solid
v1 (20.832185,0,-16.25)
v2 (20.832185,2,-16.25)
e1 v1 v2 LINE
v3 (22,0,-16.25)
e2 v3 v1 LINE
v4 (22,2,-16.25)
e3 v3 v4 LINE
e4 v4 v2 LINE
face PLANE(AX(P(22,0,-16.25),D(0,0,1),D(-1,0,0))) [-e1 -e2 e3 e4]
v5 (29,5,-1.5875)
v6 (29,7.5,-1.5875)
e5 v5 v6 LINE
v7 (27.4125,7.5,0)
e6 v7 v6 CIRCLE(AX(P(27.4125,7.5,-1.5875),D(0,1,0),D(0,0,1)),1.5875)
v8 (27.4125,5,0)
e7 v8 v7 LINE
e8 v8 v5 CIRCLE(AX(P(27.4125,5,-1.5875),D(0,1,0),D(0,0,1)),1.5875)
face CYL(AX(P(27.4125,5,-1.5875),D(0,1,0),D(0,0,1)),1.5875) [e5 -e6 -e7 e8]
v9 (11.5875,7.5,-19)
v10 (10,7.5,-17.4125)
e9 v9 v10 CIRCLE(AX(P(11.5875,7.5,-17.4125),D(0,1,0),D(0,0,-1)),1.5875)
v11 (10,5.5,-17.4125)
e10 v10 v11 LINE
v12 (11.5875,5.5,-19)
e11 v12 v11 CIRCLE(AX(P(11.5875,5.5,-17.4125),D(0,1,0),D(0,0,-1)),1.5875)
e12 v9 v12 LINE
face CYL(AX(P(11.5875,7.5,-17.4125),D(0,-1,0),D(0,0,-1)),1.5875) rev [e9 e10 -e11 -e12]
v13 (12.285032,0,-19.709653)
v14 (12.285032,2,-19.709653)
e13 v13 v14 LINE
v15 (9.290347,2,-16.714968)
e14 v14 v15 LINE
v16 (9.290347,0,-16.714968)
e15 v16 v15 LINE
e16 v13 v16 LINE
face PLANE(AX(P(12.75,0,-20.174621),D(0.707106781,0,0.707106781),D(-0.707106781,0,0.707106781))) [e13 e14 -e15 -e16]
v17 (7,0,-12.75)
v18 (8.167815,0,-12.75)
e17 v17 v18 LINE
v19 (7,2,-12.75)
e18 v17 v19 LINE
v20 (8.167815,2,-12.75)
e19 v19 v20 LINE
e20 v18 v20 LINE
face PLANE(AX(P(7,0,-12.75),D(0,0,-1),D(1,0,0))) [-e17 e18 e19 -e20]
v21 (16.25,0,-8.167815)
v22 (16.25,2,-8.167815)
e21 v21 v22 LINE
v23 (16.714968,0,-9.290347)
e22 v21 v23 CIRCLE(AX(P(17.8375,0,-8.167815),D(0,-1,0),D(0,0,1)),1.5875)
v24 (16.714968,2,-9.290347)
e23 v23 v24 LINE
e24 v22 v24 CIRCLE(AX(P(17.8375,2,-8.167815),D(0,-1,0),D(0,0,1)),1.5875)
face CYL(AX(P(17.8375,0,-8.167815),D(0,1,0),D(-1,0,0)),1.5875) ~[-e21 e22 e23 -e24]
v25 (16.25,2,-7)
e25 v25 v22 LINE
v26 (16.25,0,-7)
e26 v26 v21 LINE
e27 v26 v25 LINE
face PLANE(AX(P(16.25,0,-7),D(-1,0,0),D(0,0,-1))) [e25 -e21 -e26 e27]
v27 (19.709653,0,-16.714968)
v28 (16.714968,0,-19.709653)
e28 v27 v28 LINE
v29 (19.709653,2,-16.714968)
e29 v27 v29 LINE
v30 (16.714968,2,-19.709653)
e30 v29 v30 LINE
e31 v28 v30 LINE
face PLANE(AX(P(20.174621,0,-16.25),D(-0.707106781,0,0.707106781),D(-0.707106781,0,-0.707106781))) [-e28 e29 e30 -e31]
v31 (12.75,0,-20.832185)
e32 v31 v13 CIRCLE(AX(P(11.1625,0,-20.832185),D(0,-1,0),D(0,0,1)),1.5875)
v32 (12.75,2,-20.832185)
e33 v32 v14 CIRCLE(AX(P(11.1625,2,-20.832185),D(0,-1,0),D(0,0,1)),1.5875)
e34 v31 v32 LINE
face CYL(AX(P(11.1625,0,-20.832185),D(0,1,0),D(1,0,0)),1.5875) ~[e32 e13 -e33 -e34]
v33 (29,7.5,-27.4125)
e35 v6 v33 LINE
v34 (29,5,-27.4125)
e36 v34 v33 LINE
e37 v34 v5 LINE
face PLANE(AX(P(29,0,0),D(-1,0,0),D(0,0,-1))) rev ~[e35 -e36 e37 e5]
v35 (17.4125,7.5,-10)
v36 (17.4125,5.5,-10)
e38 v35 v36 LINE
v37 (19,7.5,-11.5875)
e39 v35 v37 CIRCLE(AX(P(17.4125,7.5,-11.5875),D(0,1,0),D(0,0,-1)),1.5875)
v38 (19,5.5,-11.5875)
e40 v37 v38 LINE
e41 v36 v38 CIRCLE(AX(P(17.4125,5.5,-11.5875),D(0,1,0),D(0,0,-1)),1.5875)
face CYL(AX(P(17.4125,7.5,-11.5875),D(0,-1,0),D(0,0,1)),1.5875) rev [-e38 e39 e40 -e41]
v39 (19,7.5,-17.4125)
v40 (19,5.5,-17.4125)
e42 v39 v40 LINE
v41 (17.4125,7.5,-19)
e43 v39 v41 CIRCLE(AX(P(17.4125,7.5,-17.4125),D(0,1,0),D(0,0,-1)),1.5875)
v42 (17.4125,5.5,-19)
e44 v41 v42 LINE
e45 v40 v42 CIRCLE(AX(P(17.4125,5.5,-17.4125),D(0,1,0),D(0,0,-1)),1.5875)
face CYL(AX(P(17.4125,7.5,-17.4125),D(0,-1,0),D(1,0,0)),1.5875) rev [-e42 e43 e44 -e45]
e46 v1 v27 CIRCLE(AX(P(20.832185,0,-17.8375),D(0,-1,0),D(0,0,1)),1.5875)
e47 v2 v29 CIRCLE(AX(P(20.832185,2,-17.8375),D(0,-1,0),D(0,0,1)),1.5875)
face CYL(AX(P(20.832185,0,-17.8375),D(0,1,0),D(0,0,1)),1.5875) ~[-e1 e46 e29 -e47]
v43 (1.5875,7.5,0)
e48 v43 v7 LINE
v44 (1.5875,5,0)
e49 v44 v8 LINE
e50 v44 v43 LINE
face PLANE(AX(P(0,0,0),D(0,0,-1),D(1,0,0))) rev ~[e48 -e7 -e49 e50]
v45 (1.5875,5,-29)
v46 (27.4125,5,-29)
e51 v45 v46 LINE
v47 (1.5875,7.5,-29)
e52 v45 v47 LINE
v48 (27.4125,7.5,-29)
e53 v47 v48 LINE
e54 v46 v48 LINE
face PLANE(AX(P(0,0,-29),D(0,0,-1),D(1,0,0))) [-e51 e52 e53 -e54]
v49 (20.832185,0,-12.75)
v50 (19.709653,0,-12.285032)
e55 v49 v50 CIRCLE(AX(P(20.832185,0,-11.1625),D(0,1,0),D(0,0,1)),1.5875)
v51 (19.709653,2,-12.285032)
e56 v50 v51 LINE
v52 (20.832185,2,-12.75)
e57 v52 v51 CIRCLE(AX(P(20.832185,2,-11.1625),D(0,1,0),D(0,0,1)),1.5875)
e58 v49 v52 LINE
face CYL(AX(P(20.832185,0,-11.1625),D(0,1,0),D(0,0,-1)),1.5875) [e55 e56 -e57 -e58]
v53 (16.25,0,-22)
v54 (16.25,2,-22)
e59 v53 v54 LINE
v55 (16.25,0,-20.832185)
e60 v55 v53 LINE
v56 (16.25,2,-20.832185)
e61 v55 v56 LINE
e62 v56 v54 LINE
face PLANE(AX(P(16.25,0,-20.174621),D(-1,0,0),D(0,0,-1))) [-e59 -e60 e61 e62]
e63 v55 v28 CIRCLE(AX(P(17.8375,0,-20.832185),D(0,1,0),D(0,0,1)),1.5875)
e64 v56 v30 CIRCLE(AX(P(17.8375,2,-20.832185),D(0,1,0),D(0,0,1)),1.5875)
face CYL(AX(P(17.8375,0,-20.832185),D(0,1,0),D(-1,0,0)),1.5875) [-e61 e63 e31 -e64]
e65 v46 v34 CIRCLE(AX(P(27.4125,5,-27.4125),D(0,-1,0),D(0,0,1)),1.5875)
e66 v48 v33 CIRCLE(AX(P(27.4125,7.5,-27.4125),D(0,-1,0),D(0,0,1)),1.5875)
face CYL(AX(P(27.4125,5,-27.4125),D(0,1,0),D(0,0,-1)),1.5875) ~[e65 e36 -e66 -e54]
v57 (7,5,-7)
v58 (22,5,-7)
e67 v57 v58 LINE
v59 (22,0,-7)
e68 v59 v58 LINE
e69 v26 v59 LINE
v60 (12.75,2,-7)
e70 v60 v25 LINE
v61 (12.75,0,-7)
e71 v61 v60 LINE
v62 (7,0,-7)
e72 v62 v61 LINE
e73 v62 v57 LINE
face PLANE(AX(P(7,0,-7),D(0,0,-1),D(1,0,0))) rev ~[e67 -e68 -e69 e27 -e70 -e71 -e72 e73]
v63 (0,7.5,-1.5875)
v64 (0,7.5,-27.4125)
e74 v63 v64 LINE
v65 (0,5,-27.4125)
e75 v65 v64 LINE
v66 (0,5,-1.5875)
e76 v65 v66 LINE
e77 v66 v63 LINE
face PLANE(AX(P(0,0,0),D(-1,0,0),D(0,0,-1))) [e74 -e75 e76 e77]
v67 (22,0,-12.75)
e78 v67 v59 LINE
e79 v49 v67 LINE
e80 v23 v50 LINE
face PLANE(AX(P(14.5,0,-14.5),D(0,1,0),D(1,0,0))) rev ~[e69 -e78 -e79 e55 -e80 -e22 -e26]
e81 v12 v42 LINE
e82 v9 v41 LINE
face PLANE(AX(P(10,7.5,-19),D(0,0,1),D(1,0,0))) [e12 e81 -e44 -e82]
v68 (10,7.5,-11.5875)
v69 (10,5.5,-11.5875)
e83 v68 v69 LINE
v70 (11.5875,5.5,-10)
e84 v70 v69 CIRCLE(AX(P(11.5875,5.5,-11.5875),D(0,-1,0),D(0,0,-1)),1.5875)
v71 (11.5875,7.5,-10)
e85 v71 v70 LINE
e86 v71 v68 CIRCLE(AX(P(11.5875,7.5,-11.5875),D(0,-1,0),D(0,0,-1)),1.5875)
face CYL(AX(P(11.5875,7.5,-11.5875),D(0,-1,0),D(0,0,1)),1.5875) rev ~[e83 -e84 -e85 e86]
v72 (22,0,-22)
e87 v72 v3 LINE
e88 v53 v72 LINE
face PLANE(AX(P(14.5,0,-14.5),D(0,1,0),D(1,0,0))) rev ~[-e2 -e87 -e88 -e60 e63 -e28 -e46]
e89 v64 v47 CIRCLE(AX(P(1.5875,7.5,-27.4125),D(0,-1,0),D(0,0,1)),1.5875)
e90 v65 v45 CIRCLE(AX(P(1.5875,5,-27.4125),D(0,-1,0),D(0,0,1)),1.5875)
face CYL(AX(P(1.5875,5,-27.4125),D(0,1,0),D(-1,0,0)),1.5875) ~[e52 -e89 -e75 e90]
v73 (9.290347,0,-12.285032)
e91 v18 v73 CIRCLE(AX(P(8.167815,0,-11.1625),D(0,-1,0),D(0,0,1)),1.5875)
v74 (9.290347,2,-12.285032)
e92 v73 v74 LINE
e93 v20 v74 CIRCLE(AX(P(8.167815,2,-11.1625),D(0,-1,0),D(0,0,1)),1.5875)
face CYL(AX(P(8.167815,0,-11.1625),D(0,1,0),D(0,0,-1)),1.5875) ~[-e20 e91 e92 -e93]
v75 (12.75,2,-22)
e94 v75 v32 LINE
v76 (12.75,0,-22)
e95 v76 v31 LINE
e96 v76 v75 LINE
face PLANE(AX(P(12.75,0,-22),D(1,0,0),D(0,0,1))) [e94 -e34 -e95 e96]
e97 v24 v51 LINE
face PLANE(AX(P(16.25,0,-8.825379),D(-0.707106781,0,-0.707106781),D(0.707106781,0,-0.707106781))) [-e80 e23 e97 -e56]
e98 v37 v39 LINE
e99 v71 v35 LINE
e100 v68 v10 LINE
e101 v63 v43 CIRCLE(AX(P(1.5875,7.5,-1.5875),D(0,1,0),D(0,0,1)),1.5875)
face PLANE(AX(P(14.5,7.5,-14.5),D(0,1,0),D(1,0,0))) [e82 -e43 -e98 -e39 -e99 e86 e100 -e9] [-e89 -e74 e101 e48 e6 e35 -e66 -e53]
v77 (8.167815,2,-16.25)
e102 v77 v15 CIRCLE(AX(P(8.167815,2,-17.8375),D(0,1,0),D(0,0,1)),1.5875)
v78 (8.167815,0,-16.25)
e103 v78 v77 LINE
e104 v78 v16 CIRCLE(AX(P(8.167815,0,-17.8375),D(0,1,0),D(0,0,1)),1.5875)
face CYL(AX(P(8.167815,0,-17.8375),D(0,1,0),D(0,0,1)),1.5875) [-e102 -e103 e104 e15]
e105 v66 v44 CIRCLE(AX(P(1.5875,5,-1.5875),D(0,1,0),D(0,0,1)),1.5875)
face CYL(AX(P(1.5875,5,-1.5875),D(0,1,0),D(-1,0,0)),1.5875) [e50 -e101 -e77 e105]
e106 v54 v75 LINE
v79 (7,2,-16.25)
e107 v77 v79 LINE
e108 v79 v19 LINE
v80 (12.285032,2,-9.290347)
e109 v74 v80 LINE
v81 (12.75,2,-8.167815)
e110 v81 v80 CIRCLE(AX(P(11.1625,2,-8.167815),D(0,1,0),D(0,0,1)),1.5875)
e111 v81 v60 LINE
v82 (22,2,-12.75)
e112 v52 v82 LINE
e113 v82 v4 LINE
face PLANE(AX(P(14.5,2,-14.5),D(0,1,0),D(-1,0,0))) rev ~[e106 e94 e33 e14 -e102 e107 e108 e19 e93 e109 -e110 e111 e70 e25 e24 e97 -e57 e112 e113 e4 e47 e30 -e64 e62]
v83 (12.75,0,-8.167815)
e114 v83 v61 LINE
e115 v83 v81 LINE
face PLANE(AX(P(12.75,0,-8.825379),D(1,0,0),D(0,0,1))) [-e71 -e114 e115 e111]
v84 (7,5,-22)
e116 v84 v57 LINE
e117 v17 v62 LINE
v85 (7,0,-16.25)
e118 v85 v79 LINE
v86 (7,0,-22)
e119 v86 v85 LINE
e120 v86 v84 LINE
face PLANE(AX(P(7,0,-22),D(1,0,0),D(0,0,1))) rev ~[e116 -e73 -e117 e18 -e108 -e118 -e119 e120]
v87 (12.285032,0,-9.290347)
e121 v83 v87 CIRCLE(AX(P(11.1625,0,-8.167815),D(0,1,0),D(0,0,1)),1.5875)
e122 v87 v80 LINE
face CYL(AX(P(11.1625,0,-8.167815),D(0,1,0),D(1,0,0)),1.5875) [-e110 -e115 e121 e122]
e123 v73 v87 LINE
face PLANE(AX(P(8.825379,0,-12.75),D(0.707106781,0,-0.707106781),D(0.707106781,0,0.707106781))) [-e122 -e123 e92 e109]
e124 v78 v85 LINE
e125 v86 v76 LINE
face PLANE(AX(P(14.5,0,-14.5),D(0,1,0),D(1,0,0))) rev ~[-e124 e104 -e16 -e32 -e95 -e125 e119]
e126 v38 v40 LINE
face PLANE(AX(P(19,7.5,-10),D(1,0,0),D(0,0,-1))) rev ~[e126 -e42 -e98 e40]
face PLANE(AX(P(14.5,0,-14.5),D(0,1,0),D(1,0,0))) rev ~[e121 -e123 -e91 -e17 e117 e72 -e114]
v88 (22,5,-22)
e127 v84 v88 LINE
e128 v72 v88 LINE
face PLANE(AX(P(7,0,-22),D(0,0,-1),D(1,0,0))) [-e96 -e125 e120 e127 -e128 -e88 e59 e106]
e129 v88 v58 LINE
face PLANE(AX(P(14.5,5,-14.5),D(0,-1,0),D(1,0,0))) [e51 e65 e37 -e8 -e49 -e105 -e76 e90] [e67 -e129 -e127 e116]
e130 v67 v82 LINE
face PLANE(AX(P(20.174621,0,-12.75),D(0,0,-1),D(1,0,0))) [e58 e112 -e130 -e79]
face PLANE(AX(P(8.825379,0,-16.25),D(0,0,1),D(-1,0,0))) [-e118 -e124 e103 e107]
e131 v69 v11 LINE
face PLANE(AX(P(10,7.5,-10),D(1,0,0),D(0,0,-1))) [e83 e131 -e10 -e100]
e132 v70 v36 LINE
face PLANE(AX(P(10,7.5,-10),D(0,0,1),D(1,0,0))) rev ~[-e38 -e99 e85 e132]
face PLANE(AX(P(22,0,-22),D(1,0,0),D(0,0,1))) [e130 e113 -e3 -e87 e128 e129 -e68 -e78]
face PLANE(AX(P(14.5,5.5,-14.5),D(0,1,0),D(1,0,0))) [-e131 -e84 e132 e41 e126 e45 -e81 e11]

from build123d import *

# Parameters (mm, degrees)
SKETCH1_W           = 29
SKETCH1_H           = 29
BOSS_EXTRUDE1_DEPTH = 7.5
SKETCH8_W           = 9
SKETCH8_H           = 9
CUT_EXTRUDE3_DEPTH  = 2
SKETCH9_W           = 29
SKETCH9_H           = 29
SKETCH9_W_2         = 15
SKETCH9_H_2         = 15
CUT_EXTRUDE4_DEPTH  = 5
CUT_EXTRUDE5_DEPTH  = 2
FILLET1_R           = 1.5875


with BuildPart() as part:
    # Sketch1 → Boss-Extrude1 (new body)
    with BuildSketch(Plane(origin=(0, 0, 0), x_dir=(1, 0, 0), z_dir=(0, 1, 0))):
        with Locations((14.5, 14.5)):
            Rectangle(SKETCH1_W, SKETCH1_H)
    extrude(amount=BOSS_EXTRUDE1_DEPTH)

    # Sketch8 → Cut-Extrude3 (cut)
    with BuildSketch(Plane(origin=(0, 7.5, 0), x_dir=(1, 0, 0), z_dir=(0, 1, 0))):
        with Locations((14.5, 14.5)):
            Rectangle(SKETCH8_W, SKETCH8_H)
    extrude(amount=-CUT_EXTRUDE3_DEPTH, mode=Mode.SUBTRACT)

    # Sketch9 → Cut-Extrude4 (cut)
    with BuildSketch(Plane.XZ):
        with Locations((14.5, -14.5)):
            Rectangle(SKETCH9_W, SKETCH9_H)
        with Locations((14.5, -14.5)):
            Rectangle(SKETCH9_W_2, SKETCH9_H_2, mode=Mode.SUBTRACT)
    extrude(amount=-CUT_EXTRUDE4_DEPTH, mode=Mode.SUBTRACT)

    # Sketch10 → Cut-Extrude5 (cut)
    with BuildSketch(Plane.XZ):
        Polygon((12.75, -7), (16.25, -7), (16.25, -8.825378798), (20.174621202, -12.75), (22, -12.75), (22, -16.25), (20.174621202, -16.25), (16.25, -20.174621202), (16.25, -22), (12.75, -22), (12.75, -20.174621202), (8.825378798, -16.25), (7, -16.25), (7, -12.75), (8.825378798, -12.75), (12.75, -8.825378798), align=None)
    extrude(amount=-CUT_EXTRUDE5_DEPTH, mode=Mode.SUBTRACT)

    # Fillet1
    fillet1_edges = [part.edges().sort_by_distance(p)[0] for p in [
        (10, 6.5, -10),
        (10, 6.5, -19),
        (19, 6.5, -19),
        (19, 6.5, -10),
        (12.75, 1, -8.825378798),
        (16.25, 1, -8.825378798),
        (20.174621202, 1, -12.75),
        (20.174621202, 1, -16.25),
        (16.25, 1, -20.174621202),
        (12.75, 1, -20.174621202),
        (8.825378798, 1, -16.25),
        (8.825378798, 1, -12.75),
        (0, 6.25, -29),
        (29, 6.25, -29),
        (29, 6.25, 0),
        (0, 6.25, 0),
    ]]
    fillet(fillet1_edges, radius=FILLET1_R)


solid = part.part
